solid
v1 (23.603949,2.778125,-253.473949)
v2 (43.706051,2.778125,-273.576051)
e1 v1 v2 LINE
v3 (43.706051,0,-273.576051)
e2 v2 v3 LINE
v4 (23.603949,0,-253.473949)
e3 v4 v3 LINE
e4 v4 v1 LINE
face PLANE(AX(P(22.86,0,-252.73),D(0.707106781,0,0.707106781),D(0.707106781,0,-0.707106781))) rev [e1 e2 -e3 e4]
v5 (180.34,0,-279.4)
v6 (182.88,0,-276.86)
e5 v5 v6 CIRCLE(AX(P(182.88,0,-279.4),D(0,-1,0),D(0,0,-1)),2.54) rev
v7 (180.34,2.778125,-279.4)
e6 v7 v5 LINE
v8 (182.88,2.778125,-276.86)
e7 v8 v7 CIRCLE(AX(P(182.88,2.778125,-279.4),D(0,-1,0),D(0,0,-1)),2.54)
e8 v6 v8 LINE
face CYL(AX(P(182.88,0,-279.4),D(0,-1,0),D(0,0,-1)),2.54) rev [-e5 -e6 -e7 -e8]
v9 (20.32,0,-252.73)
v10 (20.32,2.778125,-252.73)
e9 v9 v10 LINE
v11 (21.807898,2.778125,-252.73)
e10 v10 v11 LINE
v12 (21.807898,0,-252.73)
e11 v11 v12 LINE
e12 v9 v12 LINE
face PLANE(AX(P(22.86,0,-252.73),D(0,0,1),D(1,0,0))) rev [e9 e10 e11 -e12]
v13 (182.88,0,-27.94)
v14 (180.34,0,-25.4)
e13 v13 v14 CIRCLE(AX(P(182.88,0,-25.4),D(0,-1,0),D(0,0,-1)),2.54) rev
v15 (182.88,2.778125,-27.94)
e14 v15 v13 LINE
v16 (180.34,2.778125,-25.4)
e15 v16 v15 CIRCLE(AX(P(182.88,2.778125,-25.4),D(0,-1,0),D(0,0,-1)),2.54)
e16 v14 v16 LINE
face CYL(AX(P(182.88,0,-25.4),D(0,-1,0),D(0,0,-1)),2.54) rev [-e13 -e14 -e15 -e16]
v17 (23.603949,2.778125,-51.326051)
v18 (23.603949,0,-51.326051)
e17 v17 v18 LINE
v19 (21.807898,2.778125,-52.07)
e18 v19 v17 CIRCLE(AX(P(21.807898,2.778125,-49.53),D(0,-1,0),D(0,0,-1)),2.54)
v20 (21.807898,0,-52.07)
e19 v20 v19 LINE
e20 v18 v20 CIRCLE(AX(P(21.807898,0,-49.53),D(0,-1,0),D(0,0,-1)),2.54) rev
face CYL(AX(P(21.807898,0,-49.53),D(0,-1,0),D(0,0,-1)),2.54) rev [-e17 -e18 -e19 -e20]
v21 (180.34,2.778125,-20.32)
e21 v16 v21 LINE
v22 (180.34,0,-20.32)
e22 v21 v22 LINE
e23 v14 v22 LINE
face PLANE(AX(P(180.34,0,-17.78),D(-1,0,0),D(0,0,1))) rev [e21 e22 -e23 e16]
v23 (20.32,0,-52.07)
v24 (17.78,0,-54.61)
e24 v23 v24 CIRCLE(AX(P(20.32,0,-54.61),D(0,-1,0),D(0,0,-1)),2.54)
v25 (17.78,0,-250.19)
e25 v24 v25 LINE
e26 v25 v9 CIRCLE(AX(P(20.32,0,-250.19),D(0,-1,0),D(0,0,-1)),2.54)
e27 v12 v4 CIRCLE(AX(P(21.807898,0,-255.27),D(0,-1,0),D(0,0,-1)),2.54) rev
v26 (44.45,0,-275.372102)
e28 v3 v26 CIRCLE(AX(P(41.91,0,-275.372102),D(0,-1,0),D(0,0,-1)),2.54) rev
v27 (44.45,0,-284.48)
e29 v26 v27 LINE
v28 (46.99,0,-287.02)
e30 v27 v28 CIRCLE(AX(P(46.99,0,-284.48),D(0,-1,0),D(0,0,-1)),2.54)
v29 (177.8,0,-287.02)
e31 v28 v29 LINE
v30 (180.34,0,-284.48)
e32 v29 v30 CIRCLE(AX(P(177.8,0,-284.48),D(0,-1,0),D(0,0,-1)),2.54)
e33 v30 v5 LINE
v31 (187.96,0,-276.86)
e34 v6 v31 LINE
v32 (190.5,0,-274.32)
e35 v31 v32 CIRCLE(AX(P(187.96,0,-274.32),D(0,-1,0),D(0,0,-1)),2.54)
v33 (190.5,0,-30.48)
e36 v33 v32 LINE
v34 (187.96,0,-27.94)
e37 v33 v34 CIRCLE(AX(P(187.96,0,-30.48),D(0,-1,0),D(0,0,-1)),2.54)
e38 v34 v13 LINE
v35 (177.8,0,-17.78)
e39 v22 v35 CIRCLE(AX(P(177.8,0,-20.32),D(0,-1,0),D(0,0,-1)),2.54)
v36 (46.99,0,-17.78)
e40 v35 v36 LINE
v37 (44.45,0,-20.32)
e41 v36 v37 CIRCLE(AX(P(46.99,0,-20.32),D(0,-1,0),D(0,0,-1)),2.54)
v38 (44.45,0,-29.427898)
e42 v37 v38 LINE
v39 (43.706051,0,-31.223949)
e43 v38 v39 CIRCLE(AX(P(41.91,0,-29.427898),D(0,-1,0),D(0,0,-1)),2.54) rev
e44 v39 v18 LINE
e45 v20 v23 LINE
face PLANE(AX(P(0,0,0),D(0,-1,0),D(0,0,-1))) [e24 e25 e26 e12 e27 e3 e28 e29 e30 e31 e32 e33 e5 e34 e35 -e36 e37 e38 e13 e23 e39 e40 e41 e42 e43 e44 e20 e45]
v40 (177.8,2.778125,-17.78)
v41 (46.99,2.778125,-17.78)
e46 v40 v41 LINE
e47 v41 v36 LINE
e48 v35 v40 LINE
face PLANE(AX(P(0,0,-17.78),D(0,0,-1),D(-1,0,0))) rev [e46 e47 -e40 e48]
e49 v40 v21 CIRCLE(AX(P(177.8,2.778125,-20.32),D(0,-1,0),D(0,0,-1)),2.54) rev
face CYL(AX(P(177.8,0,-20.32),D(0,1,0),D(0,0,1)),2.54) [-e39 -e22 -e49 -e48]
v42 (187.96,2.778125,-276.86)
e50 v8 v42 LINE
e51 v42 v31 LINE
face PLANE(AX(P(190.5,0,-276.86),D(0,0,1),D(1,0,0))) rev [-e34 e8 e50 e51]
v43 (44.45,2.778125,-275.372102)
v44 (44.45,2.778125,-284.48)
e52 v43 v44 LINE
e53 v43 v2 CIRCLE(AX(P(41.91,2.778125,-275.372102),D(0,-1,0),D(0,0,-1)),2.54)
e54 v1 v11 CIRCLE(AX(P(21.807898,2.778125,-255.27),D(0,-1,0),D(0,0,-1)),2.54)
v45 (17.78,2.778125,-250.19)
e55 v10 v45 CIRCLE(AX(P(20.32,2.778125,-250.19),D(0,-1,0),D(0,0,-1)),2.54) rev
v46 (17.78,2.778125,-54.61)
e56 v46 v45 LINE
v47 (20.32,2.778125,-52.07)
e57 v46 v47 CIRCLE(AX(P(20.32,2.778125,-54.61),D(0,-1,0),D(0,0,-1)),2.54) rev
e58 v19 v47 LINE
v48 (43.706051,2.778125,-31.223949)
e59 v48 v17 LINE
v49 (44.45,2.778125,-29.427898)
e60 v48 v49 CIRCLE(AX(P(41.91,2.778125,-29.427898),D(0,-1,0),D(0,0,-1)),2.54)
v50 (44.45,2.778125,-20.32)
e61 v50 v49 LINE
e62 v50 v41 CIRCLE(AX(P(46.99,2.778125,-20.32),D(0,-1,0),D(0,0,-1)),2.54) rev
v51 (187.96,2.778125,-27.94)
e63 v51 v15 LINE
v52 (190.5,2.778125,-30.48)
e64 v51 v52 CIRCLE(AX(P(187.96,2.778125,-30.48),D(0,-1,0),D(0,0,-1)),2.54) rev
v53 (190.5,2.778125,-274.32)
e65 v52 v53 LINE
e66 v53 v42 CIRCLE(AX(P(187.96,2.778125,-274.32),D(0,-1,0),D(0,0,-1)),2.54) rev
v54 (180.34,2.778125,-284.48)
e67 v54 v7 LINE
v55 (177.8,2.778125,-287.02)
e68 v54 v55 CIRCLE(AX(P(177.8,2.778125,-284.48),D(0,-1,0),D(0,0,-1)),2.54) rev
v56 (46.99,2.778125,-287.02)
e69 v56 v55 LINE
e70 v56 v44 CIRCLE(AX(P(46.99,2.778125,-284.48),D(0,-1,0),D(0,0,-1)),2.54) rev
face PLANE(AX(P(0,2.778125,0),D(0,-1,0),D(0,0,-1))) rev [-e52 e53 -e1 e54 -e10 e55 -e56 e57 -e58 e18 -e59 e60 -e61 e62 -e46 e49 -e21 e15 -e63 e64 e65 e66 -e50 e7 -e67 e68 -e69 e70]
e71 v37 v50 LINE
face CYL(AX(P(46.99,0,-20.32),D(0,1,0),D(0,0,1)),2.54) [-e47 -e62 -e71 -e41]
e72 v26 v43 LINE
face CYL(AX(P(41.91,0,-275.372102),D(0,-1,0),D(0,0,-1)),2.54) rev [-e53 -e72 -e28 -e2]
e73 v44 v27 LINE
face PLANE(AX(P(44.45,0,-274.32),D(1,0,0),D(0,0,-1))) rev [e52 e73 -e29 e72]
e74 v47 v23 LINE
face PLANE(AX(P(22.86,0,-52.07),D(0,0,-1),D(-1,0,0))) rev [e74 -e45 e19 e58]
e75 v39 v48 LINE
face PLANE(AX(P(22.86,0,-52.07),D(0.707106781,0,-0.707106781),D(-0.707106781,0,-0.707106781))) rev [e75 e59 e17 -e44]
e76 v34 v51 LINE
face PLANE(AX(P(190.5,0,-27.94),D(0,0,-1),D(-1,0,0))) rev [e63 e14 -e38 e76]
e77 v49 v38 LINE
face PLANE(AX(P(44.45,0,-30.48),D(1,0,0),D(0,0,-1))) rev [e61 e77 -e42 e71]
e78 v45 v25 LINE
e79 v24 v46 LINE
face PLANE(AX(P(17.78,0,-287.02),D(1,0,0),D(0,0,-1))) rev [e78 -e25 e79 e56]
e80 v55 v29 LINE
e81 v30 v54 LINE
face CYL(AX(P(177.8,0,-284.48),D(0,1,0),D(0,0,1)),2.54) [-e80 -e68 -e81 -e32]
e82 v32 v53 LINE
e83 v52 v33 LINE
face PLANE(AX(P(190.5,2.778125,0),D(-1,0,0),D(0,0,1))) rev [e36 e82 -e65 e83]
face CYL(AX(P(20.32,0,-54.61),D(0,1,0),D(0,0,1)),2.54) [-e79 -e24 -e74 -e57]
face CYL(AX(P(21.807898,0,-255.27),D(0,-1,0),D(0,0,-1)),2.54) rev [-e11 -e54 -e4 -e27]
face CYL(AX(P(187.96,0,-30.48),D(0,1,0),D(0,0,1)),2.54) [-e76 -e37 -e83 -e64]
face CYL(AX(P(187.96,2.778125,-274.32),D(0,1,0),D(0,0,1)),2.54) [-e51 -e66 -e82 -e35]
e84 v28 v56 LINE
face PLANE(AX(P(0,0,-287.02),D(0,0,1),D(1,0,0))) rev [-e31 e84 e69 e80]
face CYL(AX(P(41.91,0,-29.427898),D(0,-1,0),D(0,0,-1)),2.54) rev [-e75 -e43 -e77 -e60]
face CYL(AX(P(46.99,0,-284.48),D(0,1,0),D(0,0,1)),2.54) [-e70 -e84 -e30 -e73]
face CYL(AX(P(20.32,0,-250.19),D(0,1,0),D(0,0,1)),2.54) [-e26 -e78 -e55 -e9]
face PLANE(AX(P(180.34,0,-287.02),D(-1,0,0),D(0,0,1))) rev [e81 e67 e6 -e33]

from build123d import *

# Parameters (mm, degrees)
SKETCH1_W           = 190.5
SKETCH1_H           = 304.8
BOSS_EXTRUDE1_DEPTH = 2.778125
SKETCH2_W           = 190.5
SKETCH2_H           = 17.78
CUT_EXTRUDE1_DEPTH  = 3.778125
SKETCH3_W           = 17.78
SKETCH3_H           = 269.24
CUT_EXTRUDE2_DEPTH  = 3.778125
CUT_EXTRUDE3_DEPTH  = 3.778125
SKETCH5_W           = 10.16
SKETCH5_H           = 10.16
CUT_EXTRUDE4_DEPTH  = 3.778125
FILLET1_R           = 2.54


with BuildPart() as part:
    # Sketch1 → Boss-Extrude1 (new body)
    with BuildSketch(Plane(origin=(0, 0, 0), x_dir=(1, 0, 0), z_dir=(0, 1, 0))):
        with Locations((95.25, 152.4)):
            Rectangle(SKETCH1_W, SKETCH1_H)
    extrude(amount=BOSS_EXTRUDE1_DEPTH)

    # Sketch2 → Cut-Extrude1 (cut, through all)
    with BuildSketch(Plane(origin=(0, 2.778125, 0), x_dir=(1, 0, 0), z_dir=(0, 1, 0))):
        with Locations((95.25, 8.89)):
            Rectangle(SKETCH2_W, SKETCH2_H)
        with Locations((95.25, 295.91)):
            Rectangle(SKETCH2_W, SKETCH2_H)
    extrude(amount=-CUT_EXTRUDE1_DEPTH, mode=Mode.SUBTRACT)

    # Sketch3 → Cut-Extrude2 (cut, through all)
    with BuildSketch(Plane(origin=(0, 2.778125, 0), x_dir=(1, 0, 0), z_dir=(0, 1, 0))):
        with Locations((8.89, 152.4)):
            Rectangle(SKETCH3_W, SKETCH3_H)
    extrude(amount=-CUT_EXTRUDE2_DEPTH, mode=Mode.SUBTRACT)

    # Sketch4 → Cut-Extrude3 (cut, through all)
    with BuildSketch(Plane(origin=(0, 2.778125, 0), x_dir=(1, 0, 0), z_dir=(0, 1, 0))):
        Polygon((22.86, 252.73), (44.45, 274.32), (44.45, 287.02), (17.78, 287.02), (17.78, 252.73), align=None)
        Polygon((22.86, 52.07), (44.45, 30.48), (44.45, 17.78), (17.78, 17.78), (17.78, 52.07), align=None)
    extrude(amount=-CUT_EXTRUDE3_DEPTH, mode=Mode.SUBTRACT)

    # Sketch5 → Cut-Extrude4 (cut, through all)
    with BuildSketch(Plane(origin=(0, 2.778125, 0), x_dir=(1, 0, 0), z_dir=(0, 1, 0))):
        with Locations((185.42, 281.94)):
            Rectangle(SKETCH5_W, SKETCH5_H)
        with Locations((185.42, 22.86)):
            Rectangle(SKETCH5_W, SKETCH5_H)
    extrude(amount=-CUT_EXTRUDE4_DEPTH, mode=Mode.SUBTRACT)

    # Fillet1
    fillet1_edges = [part.edges().sort_by_distance(p)[0] for p in [
        (190.5, 1.3890625, -27.94),
        (180.34, 1.3890625, -17.78),
        (180.34, 1.3890625, -27.94),
        (44.45, 1.3890625, -287.02),
        (44.45, 1.3890625, -274.32),
        (22.86, 1.3890625, -252.73),
        (17.78, 1.3890625, -252.73),
        (17.78, 1.3890625, -52.07),
        (22.86, 1.3890625, -52.07),
        (44.45, 1.3890625, -30.48),
        (44.45, 1.3890625, -17.78),
        (190.5, 1.3890625, -276.86),
        (180.34, 1.3890625, -276.86),
        (180.34, 1.3890625, -287.02),
    ]]
    fillet(fillet1_edges, radius=FILLET1_R)


solid = part.part
